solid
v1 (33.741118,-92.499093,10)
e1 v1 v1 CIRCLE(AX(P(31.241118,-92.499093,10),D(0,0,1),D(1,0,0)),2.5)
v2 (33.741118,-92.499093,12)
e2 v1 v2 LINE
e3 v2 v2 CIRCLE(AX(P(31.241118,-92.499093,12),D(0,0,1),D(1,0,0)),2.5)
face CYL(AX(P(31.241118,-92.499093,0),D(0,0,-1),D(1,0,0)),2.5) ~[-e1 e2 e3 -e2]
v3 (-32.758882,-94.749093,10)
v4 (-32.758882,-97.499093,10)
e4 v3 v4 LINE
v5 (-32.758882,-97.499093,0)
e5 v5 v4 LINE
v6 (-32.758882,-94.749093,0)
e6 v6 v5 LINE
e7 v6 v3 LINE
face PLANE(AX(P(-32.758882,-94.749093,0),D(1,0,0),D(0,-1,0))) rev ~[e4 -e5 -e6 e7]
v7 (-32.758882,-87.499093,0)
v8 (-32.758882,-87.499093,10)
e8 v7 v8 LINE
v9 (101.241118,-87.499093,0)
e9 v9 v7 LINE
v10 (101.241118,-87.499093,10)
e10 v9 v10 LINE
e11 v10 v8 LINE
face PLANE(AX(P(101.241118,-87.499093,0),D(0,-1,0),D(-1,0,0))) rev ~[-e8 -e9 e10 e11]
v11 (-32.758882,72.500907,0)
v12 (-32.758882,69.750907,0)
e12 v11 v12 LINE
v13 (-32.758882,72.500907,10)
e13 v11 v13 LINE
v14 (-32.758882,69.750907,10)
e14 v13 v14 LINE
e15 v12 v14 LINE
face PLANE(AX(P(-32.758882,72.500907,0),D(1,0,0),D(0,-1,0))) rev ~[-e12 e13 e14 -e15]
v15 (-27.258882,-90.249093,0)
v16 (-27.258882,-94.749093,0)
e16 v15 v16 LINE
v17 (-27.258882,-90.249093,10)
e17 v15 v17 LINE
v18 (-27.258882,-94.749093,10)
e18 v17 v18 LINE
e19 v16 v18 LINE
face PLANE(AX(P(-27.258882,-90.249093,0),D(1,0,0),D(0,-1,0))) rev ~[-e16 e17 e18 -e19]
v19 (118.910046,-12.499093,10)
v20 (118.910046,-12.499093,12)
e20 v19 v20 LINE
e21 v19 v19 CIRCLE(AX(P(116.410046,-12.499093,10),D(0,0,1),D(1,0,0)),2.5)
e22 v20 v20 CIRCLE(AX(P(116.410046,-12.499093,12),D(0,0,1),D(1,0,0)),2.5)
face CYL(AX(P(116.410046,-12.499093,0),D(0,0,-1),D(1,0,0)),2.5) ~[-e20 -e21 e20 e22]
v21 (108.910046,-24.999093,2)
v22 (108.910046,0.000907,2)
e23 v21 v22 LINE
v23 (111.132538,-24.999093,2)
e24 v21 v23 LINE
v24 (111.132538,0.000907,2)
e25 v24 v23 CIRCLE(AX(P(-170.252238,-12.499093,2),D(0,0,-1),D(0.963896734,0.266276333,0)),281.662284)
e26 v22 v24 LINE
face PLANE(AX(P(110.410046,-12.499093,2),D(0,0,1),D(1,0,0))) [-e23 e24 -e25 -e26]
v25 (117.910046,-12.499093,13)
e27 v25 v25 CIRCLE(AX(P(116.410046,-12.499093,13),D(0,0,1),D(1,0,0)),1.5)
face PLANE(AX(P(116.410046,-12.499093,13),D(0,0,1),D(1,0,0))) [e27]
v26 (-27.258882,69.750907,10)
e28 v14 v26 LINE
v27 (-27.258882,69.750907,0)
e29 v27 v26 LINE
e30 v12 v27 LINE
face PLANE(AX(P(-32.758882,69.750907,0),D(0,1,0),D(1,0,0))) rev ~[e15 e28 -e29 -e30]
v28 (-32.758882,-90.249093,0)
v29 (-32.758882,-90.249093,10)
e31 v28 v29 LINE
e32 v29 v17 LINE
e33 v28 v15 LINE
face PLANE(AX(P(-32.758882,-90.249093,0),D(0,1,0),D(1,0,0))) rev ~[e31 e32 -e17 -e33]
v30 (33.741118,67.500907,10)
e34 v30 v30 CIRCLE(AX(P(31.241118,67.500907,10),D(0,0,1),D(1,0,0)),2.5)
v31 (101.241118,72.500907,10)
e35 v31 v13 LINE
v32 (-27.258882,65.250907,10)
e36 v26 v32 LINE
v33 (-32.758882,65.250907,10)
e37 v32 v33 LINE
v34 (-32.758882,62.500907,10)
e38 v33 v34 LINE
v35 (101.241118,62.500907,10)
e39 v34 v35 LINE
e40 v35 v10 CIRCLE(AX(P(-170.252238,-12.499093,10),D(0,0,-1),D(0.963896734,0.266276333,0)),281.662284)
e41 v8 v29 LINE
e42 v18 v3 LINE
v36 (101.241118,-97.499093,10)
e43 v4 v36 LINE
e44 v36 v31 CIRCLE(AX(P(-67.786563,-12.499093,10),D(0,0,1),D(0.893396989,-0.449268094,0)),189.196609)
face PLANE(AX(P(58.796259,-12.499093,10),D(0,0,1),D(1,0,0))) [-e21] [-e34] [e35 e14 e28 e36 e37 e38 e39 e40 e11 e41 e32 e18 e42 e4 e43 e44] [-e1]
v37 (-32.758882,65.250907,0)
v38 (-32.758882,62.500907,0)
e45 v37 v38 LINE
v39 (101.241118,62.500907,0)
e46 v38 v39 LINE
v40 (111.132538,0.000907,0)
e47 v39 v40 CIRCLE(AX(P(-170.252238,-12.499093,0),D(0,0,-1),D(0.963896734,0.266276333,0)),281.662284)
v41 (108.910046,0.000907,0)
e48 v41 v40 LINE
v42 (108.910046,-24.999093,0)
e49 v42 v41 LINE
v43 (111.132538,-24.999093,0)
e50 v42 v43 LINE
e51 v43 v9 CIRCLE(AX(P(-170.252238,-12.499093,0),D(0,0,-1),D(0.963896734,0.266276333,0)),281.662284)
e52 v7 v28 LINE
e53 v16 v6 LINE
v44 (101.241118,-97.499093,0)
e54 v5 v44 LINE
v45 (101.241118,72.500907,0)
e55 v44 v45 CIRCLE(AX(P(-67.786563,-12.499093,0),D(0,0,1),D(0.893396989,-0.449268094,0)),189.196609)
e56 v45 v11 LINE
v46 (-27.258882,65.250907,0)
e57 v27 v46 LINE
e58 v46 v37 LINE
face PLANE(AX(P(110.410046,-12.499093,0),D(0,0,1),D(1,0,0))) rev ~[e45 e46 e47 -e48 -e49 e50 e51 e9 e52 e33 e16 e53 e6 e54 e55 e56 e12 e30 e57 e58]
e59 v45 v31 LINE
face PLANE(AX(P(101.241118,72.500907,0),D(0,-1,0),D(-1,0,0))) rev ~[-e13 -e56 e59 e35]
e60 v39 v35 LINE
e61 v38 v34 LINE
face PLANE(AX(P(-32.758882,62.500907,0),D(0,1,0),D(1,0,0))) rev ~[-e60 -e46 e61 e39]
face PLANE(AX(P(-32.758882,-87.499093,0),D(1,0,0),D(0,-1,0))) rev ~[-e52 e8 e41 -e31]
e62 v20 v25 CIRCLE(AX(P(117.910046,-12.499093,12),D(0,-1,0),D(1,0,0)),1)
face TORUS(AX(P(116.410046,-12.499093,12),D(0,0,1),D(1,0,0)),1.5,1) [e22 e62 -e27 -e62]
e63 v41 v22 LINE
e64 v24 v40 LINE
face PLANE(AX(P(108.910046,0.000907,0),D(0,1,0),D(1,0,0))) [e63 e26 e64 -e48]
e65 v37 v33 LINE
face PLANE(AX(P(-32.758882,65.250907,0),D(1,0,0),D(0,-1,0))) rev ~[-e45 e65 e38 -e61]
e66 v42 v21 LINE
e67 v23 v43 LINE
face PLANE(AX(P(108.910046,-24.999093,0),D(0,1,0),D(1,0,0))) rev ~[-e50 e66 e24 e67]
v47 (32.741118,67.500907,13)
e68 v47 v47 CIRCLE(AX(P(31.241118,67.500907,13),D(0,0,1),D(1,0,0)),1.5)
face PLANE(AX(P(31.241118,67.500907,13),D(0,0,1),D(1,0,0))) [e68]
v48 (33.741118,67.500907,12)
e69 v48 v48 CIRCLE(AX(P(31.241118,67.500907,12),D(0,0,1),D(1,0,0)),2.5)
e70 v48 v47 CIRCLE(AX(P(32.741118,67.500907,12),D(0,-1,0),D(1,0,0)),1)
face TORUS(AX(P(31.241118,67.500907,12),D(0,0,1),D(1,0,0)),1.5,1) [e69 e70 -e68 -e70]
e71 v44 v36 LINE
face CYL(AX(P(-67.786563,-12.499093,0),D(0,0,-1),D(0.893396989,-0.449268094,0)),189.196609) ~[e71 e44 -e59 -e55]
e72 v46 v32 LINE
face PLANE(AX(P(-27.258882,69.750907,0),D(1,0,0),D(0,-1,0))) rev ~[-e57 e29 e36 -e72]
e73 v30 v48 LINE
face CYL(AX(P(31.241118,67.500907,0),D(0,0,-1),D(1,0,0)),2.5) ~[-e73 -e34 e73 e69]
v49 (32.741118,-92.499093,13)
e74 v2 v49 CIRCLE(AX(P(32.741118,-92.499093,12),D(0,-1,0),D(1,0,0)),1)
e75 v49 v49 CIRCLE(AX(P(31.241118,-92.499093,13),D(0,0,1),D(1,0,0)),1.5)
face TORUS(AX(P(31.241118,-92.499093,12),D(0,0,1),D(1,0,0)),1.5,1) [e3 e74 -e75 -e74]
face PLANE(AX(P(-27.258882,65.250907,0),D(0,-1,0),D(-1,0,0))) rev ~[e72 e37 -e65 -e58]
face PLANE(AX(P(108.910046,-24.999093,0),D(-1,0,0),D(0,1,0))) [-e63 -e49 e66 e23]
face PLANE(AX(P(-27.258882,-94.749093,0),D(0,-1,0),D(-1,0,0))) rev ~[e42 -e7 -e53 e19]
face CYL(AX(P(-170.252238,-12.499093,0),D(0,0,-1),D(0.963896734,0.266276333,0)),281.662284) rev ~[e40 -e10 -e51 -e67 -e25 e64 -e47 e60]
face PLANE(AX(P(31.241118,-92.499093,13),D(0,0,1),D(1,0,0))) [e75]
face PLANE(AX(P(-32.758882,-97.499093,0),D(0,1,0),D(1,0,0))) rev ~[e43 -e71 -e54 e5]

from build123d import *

# Parameters (mm, degrees)
ESQUISSE1_R        = 2.5
BOSS_EXTRU_1_DEPTH = 10
ESQUISSE1_3_R      = 2.5
BOSS_EXTRU_2_DEPTH = 13
CONG_1_R           = 1
ESQUISSE1_4_W      = 3
ESQUISSE1_4_H      = 25
BOSS_EXTRU_3_DEPTH = 2


with BuildPart() as part:
    # Esquisse1 → Boss.-Extru.1 (new body)
    with BuildSketch(Plane.XY):
        with BuildLine():
            Line((-32.758882294, 65.250907441), (-32.758882294, 62.500907441))
            Line((-32.758882294, 62.500907441), (101.241117706, 62.500907441))
            ThreePointArc((101.241117706, 62.500907441), (111.410045947, -12.499092559), (101.241117706, -87.499092559))
            Line((101.241117706, -87.499092559), (-32.758882294, -87.499092559))
            Line((-32.758882294, -87.499092559), (-32.758882294, -90.249092559))
            Line((-32.758882294, -90.249092559), (-27.258882294, -90.249092559))
            Line((-27.258882294, -90.249092559), (-27.258882294, -94.749092559))
            Line((-27.258882294, -94.749092559), (-32.758882294, -94.749092559))
            Line((-32.758882294, -94.749092559), (-32.758882294, -97.499092559))
            Line((-32.758882294, -97.499092559), (101.241117706, -97.499092559))
            ThreePointArc((101.241117706, -97.499092559), (121.410045947, -12.499092559), (101.241117706, 72.500907441))
            Line((101.241117706, 72.500907441), (-32.758882294, 72.500907441))
            Line((-32.758882294, 72.500907441), (-32.758882294, 69.750907441))
            Line((-32.758882294, 69.750907441), (-27.258882294, 69.750907441))
            Line((-27.258882294, 69.750907441), (-27.258882294, 65.250907441))
            Line((-27.258882294, 65.250907441), (-32.758882294, 65.250907441))
        make_face()
        with Locations((31.241117706, 67.500907441)):
            Circle(ESQUISSE1_R, mode=Mode.SUBTRACT)
        with Locations((116.410045947, -12.499092559)):
            Circle(ESQUISSE1_R, mode=Mode.SUBTRACT)
        with Locations((31.241117706, -92.499092559)):
            Circle(ESQUISSE1_R, mode=Mode.SUBTRACT)
    extrude(amount=BOSS_EXTRU_1_DEPTH)

    # Esquisse1<3> → Boss.-Extru.2 (add)
    with BuildSketch(Plane.XY):
        with Locations((116.410045947, -12.499092559)):
            Circle(ESQUISSE1_3_R)
        with Locations((31.241117706, 67.500907441)):
            Circle(ESQUISSE1_3_R)
        with Locations((31.241117706, -92.499092559)):
            Circle(ESQUISSE1_3_R)
    extrude(amount=BOSS_EXTRU_2_DEPTH)

    # Congé1
    cong_1_edges = [part.edges().sort_by_distance(p)[0] for p in [
        (28.741117706, 67.500907441, 13),
        (28.741117706, -92.499092559, 13),
        (113.910045947, -12.499092559, 13),
    ]]
    fillet(cong_1_edges, radius=CONG_1_R)

    # Esquisse1<4> → Boss.-Extru.3 (add)
    with BuildSketch(Plane.XY):
        with Locations((110.410045947, -12.499092559)):
            Rectangle(ESQUISSE1_4_W, ESQUISSE1_4_H)
    extrude(amount=BOSS_EXTRU_3_DEPTH)


solid = part.part
